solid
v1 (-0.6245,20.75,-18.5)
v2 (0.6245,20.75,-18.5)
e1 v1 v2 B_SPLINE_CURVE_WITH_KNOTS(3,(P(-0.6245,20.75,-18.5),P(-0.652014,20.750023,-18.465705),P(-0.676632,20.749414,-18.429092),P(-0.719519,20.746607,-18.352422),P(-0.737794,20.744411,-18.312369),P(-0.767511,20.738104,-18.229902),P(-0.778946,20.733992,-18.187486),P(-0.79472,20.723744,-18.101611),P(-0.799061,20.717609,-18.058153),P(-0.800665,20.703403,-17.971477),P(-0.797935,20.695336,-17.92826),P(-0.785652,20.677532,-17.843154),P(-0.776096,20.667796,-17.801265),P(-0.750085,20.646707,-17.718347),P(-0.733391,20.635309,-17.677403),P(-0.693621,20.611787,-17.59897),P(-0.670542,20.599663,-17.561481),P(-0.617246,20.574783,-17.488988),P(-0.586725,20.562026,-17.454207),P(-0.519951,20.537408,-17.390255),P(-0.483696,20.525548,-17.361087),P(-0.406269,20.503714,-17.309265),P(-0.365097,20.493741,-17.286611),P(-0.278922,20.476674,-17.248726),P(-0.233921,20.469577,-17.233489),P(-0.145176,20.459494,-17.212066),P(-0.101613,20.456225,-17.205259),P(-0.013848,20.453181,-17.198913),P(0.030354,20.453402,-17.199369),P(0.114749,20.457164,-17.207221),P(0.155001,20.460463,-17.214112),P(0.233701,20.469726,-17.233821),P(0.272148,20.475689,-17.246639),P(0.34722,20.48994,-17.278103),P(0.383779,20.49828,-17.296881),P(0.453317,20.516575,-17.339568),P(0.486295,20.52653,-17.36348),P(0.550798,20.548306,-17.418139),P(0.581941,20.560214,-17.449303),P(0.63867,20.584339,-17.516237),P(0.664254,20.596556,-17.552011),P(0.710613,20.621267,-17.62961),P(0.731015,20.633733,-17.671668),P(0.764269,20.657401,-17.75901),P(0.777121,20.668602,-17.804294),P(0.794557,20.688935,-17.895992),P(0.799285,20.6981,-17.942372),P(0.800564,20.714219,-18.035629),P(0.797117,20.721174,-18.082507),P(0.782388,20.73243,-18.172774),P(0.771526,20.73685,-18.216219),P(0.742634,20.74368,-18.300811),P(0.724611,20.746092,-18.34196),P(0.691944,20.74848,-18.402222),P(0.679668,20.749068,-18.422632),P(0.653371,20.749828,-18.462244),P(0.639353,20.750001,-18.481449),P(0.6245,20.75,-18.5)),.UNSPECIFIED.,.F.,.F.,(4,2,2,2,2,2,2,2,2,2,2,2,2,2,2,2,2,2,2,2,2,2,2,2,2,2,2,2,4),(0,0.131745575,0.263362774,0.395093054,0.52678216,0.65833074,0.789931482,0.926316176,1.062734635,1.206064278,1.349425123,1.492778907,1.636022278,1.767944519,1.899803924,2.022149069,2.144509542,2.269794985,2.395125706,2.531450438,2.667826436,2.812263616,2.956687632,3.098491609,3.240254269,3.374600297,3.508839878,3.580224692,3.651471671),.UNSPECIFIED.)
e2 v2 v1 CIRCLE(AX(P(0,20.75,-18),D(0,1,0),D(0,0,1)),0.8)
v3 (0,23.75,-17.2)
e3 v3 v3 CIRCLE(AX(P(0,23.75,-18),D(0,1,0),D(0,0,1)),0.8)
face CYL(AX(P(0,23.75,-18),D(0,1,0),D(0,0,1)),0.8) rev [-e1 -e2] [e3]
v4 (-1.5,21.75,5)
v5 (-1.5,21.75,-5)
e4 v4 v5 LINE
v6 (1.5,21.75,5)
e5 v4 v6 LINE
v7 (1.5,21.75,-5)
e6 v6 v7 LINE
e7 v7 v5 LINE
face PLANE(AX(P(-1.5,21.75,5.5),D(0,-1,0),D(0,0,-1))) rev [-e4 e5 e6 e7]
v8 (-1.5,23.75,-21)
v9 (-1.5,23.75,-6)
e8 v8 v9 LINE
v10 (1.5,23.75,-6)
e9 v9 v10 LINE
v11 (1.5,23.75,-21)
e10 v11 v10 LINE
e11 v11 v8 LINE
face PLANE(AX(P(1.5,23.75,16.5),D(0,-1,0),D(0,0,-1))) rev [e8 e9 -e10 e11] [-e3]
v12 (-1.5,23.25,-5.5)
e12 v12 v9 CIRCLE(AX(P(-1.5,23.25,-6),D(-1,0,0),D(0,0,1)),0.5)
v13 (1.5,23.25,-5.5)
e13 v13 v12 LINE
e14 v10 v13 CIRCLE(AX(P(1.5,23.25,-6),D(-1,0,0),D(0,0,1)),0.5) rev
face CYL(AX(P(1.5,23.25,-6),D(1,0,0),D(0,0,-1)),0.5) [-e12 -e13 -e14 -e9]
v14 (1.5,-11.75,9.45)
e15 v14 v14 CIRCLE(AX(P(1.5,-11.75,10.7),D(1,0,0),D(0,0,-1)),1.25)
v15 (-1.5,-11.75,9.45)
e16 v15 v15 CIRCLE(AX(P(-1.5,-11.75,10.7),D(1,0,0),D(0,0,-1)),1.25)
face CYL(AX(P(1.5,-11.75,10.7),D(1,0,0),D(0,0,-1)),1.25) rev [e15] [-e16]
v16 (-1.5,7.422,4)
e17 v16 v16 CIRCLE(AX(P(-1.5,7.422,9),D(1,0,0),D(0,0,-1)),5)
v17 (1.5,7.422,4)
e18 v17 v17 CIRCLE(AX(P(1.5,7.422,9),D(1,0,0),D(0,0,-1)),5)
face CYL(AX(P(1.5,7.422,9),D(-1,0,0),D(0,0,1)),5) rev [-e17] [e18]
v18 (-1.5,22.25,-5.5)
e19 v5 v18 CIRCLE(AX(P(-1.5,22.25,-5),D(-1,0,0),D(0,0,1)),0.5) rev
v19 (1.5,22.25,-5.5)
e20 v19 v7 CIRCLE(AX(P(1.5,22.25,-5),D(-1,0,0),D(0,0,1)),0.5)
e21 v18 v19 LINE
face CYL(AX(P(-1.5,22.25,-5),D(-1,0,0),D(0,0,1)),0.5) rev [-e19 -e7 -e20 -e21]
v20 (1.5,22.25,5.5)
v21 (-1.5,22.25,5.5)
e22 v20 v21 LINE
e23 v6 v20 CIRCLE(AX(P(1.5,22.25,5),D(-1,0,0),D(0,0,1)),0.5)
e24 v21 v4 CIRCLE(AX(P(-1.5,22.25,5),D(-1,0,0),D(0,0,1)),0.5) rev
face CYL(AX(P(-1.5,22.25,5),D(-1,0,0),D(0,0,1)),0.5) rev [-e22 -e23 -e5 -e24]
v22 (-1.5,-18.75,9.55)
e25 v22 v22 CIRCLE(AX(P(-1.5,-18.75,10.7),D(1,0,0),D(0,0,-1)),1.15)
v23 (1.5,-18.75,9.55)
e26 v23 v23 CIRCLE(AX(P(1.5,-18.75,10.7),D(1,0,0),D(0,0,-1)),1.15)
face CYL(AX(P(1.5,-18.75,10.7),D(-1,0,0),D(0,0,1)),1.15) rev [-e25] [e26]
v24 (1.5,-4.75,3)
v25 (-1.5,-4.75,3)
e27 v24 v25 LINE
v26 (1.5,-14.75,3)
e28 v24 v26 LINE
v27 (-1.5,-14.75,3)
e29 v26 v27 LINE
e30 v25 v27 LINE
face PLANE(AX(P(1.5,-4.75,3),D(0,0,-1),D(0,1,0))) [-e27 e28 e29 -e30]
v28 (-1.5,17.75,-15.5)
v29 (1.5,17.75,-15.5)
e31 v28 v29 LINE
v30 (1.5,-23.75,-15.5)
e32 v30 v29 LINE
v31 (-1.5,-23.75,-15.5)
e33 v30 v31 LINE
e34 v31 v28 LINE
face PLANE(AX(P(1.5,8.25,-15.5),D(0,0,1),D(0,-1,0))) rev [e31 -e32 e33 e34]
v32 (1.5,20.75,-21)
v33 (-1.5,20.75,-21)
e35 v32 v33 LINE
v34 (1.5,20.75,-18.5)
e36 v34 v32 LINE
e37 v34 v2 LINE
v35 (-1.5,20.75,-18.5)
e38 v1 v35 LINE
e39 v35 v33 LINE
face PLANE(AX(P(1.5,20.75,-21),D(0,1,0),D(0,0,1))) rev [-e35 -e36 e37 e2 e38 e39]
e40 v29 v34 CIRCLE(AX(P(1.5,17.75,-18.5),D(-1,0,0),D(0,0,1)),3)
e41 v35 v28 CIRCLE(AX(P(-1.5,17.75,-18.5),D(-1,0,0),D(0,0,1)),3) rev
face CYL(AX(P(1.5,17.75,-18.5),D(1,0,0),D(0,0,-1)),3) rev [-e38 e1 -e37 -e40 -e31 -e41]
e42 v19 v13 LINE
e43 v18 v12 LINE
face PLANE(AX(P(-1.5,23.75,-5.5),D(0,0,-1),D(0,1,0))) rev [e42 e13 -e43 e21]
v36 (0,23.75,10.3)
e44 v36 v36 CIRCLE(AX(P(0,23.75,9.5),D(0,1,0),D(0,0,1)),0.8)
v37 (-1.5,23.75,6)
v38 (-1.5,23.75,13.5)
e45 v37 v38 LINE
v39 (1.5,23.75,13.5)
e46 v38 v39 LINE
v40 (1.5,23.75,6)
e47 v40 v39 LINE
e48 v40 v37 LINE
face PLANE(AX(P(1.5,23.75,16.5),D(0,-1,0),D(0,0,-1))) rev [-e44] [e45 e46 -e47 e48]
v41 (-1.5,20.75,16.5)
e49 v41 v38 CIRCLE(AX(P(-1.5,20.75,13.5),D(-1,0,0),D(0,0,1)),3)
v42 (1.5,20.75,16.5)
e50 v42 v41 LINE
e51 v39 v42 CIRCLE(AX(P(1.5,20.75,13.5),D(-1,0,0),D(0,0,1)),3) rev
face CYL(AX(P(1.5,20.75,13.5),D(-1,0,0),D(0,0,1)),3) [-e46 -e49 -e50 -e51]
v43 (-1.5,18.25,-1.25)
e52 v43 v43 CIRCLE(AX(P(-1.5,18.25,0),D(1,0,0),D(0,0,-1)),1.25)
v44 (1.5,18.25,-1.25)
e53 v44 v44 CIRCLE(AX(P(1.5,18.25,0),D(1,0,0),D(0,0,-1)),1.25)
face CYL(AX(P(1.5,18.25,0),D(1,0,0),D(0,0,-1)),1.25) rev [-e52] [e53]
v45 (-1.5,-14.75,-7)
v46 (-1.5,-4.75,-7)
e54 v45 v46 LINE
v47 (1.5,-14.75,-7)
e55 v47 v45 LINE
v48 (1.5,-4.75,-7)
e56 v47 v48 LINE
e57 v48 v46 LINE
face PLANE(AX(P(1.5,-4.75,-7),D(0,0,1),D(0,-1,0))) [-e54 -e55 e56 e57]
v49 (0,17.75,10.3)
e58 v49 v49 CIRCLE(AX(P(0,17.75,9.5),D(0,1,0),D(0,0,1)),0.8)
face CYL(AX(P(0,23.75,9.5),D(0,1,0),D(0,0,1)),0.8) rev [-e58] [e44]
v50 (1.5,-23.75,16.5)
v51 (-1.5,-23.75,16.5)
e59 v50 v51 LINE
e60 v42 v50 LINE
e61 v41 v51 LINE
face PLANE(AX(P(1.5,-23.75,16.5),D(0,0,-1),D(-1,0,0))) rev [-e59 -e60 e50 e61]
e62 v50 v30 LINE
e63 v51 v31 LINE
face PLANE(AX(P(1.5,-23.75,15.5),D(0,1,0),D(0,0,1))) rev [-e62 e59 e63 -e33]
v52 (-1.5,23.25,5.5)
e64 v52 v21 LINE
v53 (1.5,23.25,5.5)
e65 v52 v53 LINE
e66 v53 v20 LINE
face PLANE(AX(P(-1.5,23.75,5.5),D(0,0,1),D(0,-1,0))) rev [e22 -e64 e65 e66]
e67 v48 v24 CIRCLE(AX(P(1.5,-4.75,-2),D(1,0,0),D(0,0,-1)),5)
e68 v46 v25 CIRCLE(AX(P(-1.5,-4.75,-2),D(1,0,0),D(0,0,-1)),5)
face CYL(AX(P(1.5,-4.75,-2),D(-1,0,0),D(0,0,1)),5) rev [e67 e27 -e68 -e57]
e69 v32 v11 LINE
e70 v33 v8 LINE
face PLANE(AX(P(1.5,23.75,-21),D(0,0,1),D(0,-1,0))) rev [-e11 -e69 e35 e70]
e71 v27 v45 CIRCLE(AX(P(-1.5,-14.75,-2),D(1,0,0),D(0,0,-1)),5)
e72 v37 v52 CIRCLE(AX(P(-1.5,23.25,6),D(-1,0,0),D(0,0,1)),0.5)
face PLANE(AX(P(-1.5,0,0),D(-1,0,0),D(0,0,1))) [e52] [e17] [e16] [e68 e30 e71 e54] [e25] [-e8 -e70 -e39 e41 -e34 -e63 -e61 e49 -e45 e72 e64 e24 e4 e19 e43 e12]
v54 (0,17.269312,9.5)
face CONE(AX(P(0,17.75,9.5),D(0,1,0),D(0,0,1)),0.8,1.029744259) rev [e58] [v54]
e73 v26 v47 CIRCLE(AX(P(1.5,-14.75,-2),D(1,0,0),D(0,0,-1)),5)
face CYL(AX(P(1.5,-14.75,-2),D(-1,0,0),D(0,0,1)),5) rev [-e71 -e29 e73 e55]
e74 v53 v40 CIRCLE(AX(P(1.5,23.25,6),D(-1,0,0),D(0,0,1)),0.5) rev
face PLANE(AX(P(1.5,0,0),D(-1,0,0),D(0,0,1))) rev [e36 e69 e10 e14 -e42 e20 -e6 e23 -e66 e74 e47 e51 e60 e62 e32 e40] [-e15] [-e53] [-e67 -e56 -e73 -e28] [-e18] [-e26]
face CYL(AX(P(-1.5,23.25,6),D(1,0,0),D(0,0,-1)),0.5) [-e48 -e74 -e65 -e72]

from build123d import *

# Parameters (mm, degrees)
SKETCH1_R                   = 5
SKETCH1_R_2                 = 1.15
BOSS_EXTRUDE1_DEPTH         = 1.5
FILLET1_R                   = 3
TAP_DRILL_FOR_M2_TAP1_D     = 1.6
TAP_DRILL_FOR_M2_TAP1_DEPTH = 6
TAP_DRILL_FOR_M2_TAP1_TIP   = 0.480688495
TAP_DRILL_FOR_M3_TAP1_D     = 2.5
SKETCH10_W                  = 11
SKETCH10_H                  = 2
CUT_EXTRUDE2_DEPTH          = 32.844348091
FILLET3_R                   = 0.5


with BuildPart() as part:
    # Sketch1 → Boss-Extrude1 (new, symmetric)
    with BuildSketch(Plane(origin=(0, 0, 0), x_dir=(0, 0, -1), z_dir=(1, 0, 0))):
        Polygon((-15.5, 23.75), (15.5, 23.75), (21, 23.75), (21, 20.75), (15.5, 20.75), (15.5, 8.25), (15.5, -23.75), (-15.5, -23.75), (-16.5, -23.75), (-16.5, 23.75), align=None)
        with Locations((-9, 7.422)):
            Circle(SKETCH1_R, mode=Mode.SUBTRACT)
        with Locations((-10.7, -18.75)):
            Circle(SKETCH1_R_2, mode=Mode.SUBTRACT)
        with BuildLine():
            Line((7, -4.75), (7, -14.75))
            ThreePointArc((7, -14.75), (2, -19.75), (-3, -14.75))
            Line((-3, -14.75), (-3, -4.75))
            ThreePointArc((-3, -4.75), (2, 0.25), (7, -4.75))
        make_face(mode=Mode.SUBTRACT)
    extrude(amount=BOSS_EXTRUDE1_DEPTH, both=True)

    # Fillet1
    fillet1_edges = [part.edges().sort_by_distance(p)[0] for p in [
        (0, 23.75, 16.5),
        (0, 20.75, -15.5),
    ]]
    fillet(fillet1_edges, radius=FILLET1_R)

    # Tap Drill for M2 Tap1
    with Locations(Plane(origin=(0, 23.75, 0), x_dir=(1, 0, 0), z_dir=(0, 1, 0))):
        with Locations((0, -9.5), (0, 18)):
            Hole(TAP_DRILL_FOR_M2_TAP1_D / 2, depth=TAP_DRILL_FOR_M2_TAP1_DEPTH)
            with Locations((0, 0, -(TAP_DRILL_FOR_M2_TAP1_DEPTH + TAP_DRILL_FOR_M2_TAP1_TIP / 2))):  # 118° drill point
                Cone(0, TAP_DRILL_FOR_M2_TAP1_D / 2, TAP_DRILL_FOR_M2_TAP1_TIP, mode=Mode.SUBTRACT)

    # Tap Drill for M3 Tap1 (through all)
    with Locations(Plane(origin=(1.5, 0, 0), x_dir=(0, 0, -1), z_dir=(1, 0, 0))):
        with Locations((-10.7, -11.75), (0, 18.25)):
            Hole(TAP_DRILL_FOR_M3_TAP1_D / 2)

    # Sketch10 → Cut-Extrude2 (cut, through all)
    with BuildSketch(Plane(origin=(1.5, 0, 0), x_dir=(0, 0, -1), z_dir=(1, 0, 0))):
        with Locations((0, 22.75)):
            Rectangle(SKETCH10_W, SKETCH10_H)
    extrude(amount=-CUT_EXTRUDE2_DEPTH, mode=Mode.SUBTRACT)

    # Fillet3
    fillet3_edges = [part.edges().sort_by_distance(p)[0] for p in [
        (0, 21.75, 5.5),
        (0, 23.75, 5.5),
        (0, 23.75, -5.5),
        (0, 21.75, -5.5),
    ]]
    fillet(fillet3_edges, radius=FILLET3_R)


solid = part.part
